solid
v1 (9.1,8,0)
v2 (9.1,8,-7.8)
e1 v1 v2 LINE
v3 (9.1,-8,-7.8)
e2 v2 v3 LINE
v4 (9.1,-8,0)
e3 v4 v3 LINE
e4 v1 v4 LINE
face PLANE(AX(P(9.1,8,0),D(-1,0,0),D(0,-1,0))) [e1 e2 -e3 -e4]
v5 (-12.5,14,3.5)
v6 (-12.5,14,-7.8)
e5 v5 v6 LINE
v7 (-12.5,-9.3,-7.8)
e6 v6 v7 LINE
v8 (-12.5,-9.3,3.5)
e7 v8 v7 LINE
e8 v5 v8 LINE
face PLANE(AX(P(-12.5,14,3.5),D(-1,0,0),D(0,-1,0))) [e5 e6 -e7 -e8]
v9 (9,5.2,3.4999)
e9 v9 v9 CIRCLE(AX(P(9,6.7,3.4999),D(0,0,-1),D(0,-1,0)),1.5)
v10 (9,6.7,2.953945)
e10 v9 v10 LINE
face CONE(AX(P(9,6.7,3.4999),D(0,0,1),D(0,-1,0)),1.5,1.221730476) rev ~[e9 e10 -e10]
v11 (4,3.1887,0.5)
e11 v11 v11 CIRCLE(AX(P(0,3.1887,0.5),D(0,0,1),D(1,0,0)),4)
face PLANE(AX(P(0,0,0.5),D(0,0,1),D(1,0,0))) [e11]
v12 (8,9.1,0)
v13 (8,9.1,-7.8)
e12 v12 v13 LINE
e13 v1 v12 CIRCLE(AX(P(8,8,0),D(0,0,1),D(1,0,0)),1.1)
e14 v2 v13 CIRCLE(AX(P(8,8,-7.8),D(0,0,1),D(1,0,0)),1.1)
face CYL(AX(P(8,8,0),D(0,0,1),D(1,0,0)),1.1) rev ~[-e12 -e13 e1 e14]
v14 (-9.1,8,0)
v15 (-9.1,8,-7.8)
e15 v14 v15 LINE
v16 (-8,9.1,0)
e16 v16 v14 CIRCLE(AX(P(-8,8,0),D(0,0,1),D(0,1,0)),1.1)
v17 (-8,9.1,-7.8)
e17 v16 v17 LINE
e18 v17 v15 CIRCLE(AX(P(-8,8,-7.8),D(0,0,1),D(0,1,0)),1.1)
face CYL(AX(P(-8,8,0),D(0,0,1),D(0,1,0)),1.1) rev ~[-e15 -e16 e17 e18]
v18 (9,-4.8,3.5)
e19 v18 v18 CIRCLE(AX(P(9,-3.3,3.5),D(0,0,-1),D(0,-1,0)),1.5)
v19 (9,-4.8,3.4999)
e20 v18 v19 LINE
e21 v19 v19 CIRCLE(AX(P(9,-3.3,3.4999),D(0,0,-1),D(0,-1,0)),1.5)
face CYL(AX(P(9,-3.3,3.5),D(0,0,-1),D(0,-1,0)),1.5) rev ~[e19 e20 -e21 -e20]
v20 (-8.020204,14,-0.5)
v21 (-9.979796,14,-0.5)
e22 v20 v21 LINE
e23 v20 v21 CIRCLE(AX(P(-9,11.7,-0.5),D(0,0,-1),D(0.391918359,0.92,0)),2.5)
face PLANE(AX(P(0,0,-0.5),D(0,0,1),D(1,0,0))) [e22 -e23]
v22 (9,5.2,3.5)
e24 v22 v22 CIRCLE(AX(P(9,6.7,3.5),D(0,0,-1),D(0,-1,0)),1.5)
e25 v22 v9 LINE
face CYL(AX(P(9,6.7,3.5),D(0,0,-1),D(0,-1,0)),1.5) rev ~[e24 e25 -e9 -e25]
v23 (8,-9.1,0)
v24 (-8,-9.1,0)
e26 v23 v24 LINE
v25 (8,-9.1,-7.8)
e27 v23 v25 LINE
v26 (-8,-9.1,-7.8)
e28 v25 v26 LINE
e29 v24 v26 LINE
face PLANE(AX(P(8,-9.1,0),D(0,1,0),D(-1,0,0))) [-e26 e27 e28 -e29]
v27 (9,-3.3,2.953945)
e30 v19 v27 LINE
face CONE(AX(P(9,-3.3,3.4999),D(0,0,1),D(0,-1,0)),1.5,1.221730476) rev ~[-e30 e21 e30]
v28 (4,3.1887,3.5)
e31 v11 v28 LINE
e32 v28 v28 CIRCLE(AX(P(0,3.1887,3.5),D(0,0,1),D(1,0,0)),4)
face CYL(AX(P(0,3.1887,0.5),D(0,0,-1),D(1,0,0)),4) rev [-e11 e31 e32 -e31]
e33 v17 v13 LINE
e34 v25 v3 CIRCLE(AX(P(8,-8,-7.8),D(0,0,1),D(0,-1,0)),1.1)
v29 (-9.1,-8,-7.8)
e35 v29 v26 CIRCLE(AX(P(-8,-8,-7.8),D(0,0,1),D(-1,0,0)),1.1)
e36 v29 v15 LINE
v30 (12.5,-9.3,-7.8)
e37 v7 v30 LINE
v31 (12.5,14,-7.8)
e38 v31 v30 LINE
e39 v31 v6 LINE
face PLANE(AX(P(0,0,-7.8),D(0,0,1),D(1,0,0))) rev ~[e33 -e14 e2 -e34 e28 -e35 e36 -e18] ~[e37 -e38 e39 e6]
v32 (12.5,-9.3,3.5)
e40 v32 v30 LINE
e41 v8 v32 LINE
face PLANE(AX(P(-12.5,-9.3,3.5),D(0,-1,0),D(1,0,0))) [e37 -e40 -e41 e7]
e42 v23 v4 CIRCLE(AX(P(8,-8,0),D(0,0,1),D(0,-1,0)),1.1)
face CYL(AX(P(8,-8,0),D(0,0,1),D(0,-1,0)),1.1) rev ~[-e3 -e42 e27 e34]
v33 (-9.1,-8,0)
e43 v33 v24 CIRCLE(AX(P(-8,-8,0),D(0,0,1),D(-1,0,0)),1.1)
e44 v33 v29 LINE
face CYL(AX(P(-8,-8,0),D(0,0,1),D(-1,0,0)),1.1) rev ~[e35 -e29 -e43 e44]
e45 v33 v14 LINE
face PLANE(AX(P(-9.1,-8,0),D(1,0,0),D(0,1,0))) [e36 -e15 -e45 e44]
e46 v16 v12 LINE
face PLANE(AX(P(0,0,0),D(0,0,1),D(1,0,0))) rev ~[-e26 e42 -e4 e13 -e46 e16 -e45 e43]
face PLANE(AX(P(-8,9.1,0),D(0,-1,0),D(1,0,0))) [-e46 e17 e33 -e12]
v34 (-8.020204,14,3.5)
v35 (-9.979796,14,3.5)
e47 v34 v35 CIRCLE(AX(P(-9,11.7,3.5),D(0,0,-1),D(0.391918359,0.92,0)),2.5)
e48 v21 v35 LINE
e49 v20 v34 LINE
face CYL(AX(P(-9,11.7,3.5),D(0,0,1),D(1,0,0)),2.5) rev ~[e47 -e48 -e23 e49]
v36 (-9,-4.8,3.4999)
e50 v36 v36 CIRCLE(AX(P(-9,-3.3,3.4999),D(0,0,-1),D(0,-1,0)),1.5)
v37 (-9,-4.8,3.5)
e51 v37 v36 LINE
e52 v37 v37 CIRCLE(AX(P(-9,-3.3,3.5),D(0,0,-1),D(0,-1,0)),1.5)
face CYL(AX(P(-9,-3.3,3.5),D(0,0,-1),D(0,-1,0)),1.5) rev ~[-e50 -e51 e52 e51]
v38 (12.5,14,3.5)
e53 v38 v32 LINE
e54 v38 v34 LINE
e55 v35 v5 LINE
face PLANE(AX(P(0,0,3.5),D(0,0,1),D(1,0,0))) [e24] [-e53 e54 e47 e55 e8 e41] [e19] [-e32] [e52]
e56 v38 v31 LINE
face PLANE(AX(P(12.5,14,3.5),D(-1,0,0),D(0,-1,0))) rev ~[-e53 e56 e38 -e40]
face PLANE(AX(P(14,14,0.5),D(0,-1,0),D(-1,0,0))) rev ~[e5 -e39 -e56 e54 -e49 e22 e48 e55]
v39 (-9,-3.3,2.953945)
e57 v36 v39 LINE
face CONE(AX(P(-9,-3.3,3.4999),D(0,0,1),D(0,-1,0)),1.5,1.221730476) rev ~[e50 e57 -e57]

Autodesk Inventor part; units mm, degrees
ref_plane "YZ Plane" through (0, 0, 0) normal (1, 0, 0) x (0, 1, 0)
ref_plane "XZ Plane" through (0, 0, 0) normal (0, 1, 0) x (-1, 0, 0)
sketch "Skizze1" plane through (0, 0, 0) normal (0, 0, 1) x (1, 0, 0)
  arc A0 (-9, -8) -> (-8, -9) centre (-8, -8) ccw projected
  line L0 (8, -9) -> (-8, -9) projected
  arc A1 (8, -9) -> (9, -8) centre (8, -8) ccw projected
  line L1 (9, 8) -> (9, -8) projected
  arc A2 (9, 8) -> (8, 9) centre (8, 8) ccw projected
  line L2 (-8, 9) -> (8, 9) projected
  arc A3 (-8, 9) -> (-9, 8) centre (-8, 8) ccw projected
  line L3 (-9, -8) -> (-9, 8) projected
  circle A4 centre (0, 0) radius 5.8 projected
  arc A5 (-8, 9.1) -> (-9.1, 8) centre (-8, 8) ccw
  line L4 (-8, 9.1) -> (8, 9.1)
  arc A6 (9.1, 8) -> (8, 9.1) centre (8, 8) ccw
  line L5 (9.1, 8) -> (9.1, -8)
  arc A7 (8, -9.1) -> (9.1, -8) centre (8, -8) ccw
  line L6 (8, -9.1) -> (-8, -9.1)
  arc A8 (-9.1, -8) -> (-8, -9.1) centre (-8, -8) ccw
  line L7 (-9.1, -8) -> (-9.1, 8)
  line L8 (14, 14) -> (-14, 14)
  line L9 (-14, 14) -> (-14, -14)
  line L10 (-14, -14) -> (14, -14)
  line L11 (14, -14) -> (14, 14)
  line L12 (14, 14) -> (-14, -14) construction
  line L13 (-14, 14) -> (14, -14) construction
  point P0 (0, 0)
  dimension "d0" = 0.1
  dimension "d1" = 28
  dimension "d2" = 28
ref_plane "Arbeitsebene1" through (-9, -9, -7.8) normal (0, 0, -1) x (0, 1, 0)
extrude "Extrusion1" add sketch "Skizze1" against normal up to surface (7.8 mm away) contours L11 L10 L9 L8
sketch "Skizze2" plane through (0, 0, 0) normal (0, 0, 1) x (1, 0, 0)
  line L0 (-14, 14) -> (-14, -14) projected
  line L1 (-14, -14) -> (14, -14) projected
  line L2 (14, -14) -> (14, 14) projected
  line L3 (14, 14) -> (-14, 14) projected
  line L4 (9.1, 8) -> (9.1, -8) projected
  arc A0 (8, -9.1) -> (9.1, -8) centre (8, -8) ccw projected
  line L5 (8, -9.1) -> (-8, -9.1) projected
  arc A1 (-9.1, -8) -> (-8, -9.1) centre (-8, -8) ccw projected
  line L6 (-9.1, -8) -> (-9.1, 8) projected
  arc A2 (-8, 9.1) -> (-9.1, 8) centre (-8, 8) ccw projected
  line L7 (-8, 9.1) -> (8, 9.1) projected
  arc A3 (9.1, 8) -> (8, 9.1) centre (8, 8) ccw projected
  line L8 (-7.6, 7.6) -> (-7.6, -7.6)
  line L9 (-7.6, -7.6) -> (7.6, -7.6)
  line L10 (7.6, -7.6) -> (7.6, 7.6)
  line L11 (7.6, 7.6) -> (-7.6, 7.6)
  point P0 (0, 0)
  dimension "d5" = 1.5
extrude "Extrusion2" add sketch "Skizze2" along normal blind 0.5 contours L3 L2 L1 L0 | L4 A0 L5 A1 L6 A2 L7 A3 | L11 L10 L9 L8
sketch "Skizze3" plane through (0, 0, 0.5) normal (0, 0, 1) x (1, 0, 0)
  line L0 (-14, -14) -> (14, -14) projected
  line L1 (14, -14) -> (14, 14) projected
  line L2 (14, 14) -> (-14, 14) projected
  line L3 (-14, 14) -> (-14, -14) projected
  circle A0 centre (0, 3.1887) radius 4
  dimension "d8" = 8
extrude "Extrusion3" add sketch "Skizze3" along normal blind 3
sketch "Skizze4" plane through (0, 0, 3.5) normal (0, 0, 1) x (1, 0, 0)
  line L0 (14, -14) -> (14, 14) projected
  line L1 (14, 14) -> (-14, 14) projected
  line L2 (-14, 14) -> (-14, -14) projected
  line L3 (-14, -14) -> (14, -14) projected
  circle A0 centre (0, 3.1887) radius 4 projected
  line L4 (5, -10.8) -> (-5, -10.8) projected
  line L5 (-14, 14) -> (-14, -14) projected
  line L6 (14, -14) -> (-14, -14)
  line L7 (-14, -14) -> (-14, -9.3)
  line L8 (-14, -9.3) -> (14, -9.3)
  line L9 (14, -9.3) -> (14, -14)
  line L10 (-14, 14) -> (-12.5, 14)
  line L11 (-12.5, 14) -> (-12.5, -9.3)
  line L12 (-12.5, -9.3) -> (-14, -9.3)
  line L13 (-14, -9.3) -> (-14, 14)
  line L14 (14, -14) -> (14, 14) projected
  line L15 (14, 14) -> (12.5, 14)
  line L16 (12.5, 14) -> (12.5, -9.3)
  line L17 (12.5, -9.3) -> (14, -9.3)
  line L18 (14, -9.3) -> (14, 14)
  point P0 (0, 0)
  point P1 (14, -9.3)
  point P2 (12.5, 14)
  dimension "d11" = 1.5
  dimension "d22" = 1.5
  dimension "d23" = 1.5
extrude "Extrusion4" cut sketch "Skizze4" against normal through all contours L3 L2 L8 L0 | L8 L16 L1 L0 | L2 L1 L11 L8
sketch "Skizze5" plane through (0, 0, 3.5) normal (0, 0, 1) x (1, 0, 0)
  circle A0 centre (-9, 11.7) radius 2 projected
  circle A1 centre (-9, -3.3) radius 2.5019 projected
  line L0 (-9, -3.3) -> (9, -3.3)
  line L1 (9, -3.3) -> (9, 6.7)
  line L2 (9, 6.7) -> (-9, 6.7)
  line L3 (-9, 6.7) -> (-9, -3.3)
  dimension "d25" = 18
hole "Bohrung1" at (9, -3.3, 3.5) at (9, 6.7, 3.5) at (-9, -3.3, 3.5) at (-9, 11.7, 3.5) direction (0, 0, -1) diameter 3 depth 0.0001 tip angle 140
sketch "Skizze6" plane through (0, 0, 3.5) normal (0, 0, 1) x (1, 0, 0)
  circle A0 centre (-9, 11.7) radius 1.5 projected
  circle A1 centre (-9, 11.7) radius 2.5
  point P0 (0, 0)
  dimension "d26" = 5
extrude "Extrusion5" cut sketch "Skizze6" against normal blind 4 contours A0 | A1
properties part number "10_SOOCT_VCM_Mount_v0"
